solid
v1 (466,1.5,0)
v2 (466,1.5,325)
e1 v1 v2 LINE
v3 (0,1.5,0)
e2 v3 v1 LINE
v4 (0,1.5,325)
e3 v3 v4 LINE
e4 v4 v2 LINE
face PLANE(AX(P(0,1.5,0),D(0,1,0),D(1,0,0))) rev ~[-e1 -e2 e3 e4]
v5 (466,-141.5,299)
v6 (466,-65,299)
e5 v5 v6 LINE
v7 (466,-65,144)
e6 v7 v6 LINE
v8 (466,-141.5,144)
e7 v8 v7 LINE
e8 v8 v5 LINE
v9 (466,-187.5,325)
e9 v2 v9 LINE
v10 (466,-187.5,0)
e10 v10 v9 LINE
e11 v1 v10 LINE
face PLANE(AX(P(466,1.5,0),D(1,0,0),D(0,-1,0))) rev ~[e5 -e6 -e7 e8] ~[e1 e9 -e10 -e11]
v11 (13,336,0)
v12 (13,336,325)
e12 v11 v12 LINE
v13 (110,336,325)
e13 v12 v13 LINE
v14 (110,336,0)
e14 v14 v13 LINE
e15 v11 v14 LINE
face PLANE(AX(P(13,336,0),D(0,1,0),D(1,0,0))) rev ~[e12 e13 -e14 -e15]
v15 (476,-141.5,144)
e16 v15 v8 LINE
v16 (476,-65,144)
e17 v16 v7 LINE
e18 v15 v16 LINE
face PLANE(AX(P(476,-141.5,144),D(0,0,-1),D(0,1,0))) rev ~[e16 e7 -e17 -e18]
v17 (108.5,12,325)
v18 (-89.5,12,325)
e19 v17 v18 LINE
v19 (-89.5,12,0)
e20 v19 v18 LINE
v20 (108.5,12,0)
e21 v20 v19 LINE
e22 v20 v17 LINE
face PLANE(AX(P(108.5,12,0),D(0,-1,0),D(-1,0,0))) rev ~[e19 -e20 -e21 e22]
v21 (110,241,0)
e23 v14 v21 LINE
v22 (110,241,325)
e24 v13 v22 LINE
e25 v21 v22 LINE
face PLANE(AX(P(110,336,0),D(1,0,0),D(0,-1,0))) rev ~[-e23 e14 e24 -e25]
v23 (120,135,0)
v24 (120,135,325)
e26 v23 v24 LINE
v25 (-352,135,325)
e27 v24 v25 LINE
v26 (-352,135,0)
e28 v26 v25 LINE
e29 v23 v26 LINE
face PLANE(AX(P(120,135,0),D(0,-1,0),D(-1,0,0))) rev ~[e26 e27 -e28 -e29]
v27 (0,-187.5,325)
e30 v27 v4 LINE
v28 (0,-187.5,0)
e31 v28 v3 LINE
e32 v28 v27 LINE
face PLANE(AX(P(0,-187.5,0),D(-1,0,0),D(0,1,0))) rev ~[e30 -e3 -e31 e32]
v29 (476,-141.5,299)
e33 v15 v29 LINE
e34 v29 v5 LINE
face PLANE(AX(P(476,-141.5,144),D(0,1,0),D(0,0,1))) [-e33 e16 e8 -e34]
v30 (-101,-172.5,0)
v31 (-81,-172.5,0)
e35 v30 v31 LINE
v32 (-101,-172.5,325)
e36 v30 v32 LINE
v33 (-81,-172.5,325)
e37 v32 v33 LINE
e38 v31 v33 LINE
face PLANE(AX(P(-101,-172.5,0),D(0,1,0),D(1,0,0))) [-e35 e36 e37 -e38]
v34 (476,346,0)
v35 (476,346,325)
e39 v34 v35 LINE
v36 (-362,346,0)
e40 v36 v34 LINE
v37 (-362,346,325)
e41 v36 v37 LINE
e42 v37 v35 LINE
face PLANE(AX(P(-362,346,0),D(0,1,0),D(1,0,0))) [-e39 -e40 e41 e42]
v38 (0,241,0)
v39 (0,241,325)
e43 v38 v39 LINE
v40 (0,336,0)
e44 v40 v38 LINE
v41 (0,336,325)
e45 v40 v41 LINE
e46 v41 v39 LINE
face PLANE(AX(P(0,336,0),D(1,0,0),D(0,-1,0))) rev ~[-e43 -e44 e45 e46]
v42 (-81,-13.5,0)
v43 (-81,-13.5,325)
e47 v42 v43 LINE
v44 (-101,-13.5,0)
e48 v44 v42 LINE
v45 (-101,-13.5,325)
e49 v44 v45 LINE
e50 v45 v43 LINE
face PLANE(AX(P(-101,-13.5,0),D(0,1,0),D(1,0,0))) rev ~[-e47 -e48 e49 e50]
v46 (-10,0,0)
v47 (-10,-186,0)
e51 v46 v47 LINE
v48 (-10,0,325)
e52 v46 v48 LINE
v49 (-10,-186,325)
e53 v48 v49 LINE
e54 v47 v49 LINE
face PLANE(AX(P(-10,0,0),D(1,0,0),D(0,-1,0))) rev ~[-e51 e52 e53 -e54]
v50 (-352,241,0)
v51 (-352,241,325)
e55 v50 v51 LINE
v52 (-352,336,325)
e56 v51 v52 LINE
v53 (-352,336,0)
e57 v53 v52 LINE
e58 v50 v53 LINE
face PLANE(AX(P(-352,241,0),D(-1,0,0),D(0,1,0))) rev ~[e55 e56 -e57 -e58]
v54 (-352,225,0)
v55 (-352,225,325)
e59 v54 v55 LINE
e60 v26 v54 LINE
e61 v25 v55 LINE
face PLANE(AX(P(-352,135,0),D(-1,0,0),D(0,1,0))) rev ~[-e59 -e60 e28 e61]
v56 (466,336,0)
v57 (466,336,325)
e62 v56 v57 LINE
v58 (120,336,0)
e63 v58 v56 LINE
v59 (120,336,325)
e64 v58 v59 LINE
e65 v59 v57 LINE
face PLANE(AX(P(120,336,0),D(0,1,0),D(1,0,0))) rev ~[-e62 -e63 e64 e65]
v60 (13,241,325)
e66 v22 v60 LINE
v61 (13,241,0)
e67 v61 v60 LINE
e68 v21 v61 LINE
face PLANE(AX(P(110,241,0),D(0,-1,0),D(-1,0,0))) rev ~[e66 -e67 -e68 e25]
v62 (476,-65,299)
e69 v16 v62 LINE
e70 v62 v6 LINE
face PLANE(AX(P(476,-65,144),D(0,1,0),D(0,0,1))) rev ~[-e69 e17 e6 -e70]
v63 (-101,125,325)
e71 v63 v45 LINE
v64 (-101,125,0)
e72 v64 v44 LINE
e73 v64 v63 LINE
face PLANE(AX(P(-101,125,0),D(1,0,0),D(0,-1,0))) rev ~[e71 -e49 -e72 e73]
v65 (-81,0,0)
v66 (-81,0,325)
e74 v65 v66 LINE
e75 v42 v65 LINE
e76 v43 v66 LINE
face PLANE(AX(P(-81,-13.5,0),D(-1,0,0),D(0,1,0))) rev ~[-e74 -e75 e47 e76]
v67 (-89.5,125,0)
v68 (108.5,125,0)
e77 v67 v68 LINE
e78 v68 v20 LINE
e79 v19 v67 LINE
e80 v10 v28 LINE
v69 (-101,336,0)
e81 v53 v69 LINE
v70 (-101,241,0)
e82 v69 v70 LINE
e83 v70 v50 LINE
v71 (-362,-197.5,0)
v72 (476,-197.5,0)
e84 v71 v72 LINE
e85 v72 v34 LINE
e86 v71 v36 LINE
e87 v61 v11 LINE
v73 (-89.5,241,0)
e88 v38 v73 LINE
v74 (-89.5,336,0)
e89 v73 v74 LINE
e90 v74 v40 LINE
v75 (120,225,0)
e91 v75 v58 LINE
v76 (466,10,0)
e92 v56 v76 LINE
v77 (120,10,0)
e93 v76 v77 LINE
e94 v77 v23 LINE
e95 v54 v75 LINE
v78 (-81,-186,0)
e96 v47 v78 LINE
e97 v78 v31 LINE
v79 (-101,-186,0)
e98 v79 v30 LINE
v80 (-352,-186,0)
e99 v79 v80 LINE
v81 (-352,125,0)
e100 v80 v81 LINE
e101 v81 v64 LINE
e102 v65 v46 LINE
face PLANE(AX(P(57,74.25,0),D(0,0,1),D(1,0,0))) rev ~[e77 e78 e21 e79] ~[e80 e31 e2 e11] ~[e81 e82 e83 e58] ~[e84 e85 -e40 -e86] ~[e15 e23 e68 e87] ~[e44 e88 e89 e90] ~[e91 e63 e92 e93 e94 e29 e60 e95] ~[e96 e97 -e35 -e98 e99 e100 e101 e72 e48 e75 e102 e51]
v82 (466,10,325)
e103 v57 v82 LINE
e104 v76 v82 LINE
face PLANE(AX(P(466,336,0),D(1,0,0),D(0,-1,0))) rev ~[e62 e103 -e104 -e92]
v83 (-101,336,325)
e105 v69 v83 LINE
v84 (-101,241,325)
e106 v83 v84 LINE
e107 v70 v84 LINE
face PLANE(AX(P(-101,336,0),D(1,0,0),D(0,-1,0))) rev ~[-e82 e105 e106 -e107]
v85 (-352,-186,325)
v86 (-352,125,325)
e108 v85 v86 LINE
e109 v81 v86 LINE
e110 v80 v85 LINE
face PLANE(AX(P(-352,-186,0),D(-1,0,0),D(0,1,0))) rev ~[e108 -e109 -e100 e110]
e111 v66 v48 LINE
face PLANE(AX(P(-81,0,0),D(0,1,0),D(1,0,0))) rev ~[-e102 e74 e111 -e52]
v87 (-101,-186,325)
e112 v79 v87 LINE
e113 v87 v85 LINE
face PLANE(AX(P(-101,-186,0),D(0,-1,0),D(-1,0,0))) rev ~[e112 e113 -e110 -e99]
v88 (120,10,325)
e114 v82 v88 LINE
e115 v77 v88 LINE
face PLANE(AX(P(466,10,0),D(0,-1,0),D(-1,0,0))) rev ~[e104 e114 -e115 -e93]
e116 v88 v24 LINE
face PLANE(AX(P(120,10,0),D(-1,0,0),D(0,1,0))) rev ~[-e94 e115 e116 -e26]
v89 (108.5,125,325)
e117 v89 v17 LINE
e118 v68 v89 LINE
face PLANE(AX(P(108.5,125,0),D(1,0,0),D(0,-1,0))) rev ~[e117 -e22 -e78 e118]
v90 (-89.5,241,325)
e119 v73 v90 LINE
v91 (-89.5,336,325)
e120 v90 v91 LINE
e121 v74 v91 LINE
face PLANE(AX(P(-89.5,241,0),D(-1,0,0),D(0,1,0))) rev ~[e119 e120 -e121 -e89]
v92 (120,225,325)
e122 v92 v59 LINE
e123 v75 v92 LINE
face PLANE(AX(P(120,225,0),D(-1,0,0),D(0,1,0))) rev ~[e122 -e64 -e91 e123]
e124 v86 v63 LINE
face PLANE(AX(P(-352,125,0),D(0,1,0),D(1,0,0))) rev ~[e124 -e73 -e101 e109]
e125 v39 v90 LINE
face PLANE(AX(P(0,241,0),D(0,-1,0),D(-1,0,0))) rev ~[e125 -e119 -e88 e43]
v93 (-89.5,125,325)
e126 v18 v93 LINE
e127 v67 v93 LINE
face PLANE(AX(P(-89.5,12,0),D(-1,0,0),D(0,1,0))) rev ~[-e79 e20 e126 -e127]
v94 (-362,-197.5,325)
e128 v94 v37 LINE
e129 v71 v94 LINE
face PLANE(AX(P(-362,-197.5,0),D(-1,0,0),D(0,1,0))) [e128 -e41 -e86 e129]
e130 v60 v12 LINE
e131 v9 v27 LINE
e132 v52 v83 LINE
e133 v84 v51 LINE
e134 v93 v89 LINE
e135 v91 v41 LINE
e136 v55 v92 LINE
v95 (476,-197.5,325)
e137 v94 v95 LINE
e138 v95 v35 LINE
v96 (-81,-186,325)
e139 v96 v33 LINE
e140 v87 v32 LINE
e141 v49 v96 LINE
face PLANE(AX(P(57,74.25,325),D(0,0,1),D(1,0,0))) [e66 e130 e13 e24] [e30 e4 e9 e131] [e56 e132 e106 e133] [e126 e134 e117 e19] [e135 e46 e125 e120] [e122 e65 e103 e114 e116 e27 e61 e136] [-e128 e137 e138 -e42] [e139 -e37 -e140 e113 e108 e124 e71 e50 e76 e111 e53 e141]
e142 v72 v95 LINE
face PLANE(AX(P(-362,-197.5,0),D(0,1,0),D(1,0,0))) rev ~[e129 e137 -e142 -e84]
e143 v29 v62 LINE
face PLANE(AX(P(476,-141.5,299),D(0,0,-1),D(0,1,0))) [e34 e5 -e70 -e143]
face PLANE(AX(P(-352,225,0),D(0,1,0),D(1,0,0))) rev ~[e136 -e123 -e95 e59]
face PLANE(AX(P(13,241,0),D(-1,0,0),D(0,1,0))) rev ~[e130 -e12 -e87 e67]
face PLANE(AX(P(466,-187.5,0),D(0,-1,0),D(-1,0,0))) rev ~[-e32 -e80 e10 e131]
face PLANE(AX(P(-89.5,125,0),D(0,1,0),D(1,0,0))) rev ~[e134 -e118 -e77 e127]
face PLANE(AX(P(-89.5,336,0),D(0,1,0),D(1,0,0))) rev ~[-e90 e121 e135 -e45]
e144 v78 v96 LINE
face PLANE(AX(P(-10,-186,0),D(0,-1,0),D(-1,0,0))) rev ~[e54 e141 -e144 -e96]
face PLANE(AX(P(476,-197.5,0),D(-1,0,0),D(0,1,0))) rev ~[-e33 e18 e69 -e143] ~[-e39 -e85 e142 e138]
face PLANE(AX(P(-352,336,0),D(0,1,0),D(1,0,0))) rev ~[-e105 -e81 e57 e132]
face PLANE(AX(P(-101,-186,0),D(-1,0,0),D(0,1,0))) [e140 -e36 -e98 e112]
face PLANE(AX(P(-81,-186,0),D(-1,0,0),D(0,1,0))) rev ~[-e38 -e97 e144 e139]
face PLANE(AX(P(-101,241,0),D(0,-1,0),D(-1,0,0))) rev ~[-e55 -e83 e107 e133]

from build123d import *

# Parameters (mm, degrees)
F0_W     = 838
F0_H     = 543.5
F0_W_2   = 20
F0_H_2   = 13.5
F1_DEPTH = 325
F2_W     = 76.5
F2_H     = 155
F3_DEPTH = 25


with BuildPart() as f1:
    # F0 (on Top) → F1 (new body)
    with BuildSketch(Plane.XY):
        with Locations((57, 74.25)):
            Rectangle(F0_W, F0_H)
        Polygon((466, 1.5), (466, 0), (466, -186), (466, -187.5), (0, -187.5), (0, -186), (-10, -186), (-81, -186), (-101, -186), (-148.9498094916, -186), (-278.9498094916, -186), (-352, -186), (-352, 125), (-352, 135), (-352, 225), (-352, 241), (-352, 336), (-101, 336), (-89.5, 336), (0, 336), (13, 336), (110, 336), (120, 336), (466, 336), (466, 276), (466, 10), align=None, mode=Mode.SUBTRACT)
        Polygon((0, -186), (0, 0), (0, 1.5), (466, 1.5), (466, 10), (120, 10), (120, 135), (-352, 135), (-352, 125), (-101, 125), (-101, -13.5), (-81, -13.5), (-81, 0), (-10, 0), (-10, -186), align=None)
        Polygon((-89.5, 12), (-89.5, 125), (-0.5, 125), (108.5, 125), (108.5, 12), (-0.5, 12), align=None, mode=Mode.SUBTRACT)
        Polygon((120, 225), (120, 276), (120, 336), (110, 336), (110, 241), (13, 241), (13, 336), (0, 336), (0, 241), (-89.5, 241), (-89.5, 336), (-101, 336), (-101, 241), (-352, 241), (-352, 225), align=None)
        with Locations((-91, -179.25)):
            Rectangle(F0_W_2, F0_H_2)
    extrude(amount=F1_DEPTH)

    # F2 (on face) → F3 (cut)
    with BuildSketch(Plane.YZ.offset(476)):
        with Locations((-103.25, 221.5)):
            Rectangle(F2_W, F2_H)
    extrude(amount=-F3_DEPTH, mode=Mode.SUBTRACT)


solid = f1.part
